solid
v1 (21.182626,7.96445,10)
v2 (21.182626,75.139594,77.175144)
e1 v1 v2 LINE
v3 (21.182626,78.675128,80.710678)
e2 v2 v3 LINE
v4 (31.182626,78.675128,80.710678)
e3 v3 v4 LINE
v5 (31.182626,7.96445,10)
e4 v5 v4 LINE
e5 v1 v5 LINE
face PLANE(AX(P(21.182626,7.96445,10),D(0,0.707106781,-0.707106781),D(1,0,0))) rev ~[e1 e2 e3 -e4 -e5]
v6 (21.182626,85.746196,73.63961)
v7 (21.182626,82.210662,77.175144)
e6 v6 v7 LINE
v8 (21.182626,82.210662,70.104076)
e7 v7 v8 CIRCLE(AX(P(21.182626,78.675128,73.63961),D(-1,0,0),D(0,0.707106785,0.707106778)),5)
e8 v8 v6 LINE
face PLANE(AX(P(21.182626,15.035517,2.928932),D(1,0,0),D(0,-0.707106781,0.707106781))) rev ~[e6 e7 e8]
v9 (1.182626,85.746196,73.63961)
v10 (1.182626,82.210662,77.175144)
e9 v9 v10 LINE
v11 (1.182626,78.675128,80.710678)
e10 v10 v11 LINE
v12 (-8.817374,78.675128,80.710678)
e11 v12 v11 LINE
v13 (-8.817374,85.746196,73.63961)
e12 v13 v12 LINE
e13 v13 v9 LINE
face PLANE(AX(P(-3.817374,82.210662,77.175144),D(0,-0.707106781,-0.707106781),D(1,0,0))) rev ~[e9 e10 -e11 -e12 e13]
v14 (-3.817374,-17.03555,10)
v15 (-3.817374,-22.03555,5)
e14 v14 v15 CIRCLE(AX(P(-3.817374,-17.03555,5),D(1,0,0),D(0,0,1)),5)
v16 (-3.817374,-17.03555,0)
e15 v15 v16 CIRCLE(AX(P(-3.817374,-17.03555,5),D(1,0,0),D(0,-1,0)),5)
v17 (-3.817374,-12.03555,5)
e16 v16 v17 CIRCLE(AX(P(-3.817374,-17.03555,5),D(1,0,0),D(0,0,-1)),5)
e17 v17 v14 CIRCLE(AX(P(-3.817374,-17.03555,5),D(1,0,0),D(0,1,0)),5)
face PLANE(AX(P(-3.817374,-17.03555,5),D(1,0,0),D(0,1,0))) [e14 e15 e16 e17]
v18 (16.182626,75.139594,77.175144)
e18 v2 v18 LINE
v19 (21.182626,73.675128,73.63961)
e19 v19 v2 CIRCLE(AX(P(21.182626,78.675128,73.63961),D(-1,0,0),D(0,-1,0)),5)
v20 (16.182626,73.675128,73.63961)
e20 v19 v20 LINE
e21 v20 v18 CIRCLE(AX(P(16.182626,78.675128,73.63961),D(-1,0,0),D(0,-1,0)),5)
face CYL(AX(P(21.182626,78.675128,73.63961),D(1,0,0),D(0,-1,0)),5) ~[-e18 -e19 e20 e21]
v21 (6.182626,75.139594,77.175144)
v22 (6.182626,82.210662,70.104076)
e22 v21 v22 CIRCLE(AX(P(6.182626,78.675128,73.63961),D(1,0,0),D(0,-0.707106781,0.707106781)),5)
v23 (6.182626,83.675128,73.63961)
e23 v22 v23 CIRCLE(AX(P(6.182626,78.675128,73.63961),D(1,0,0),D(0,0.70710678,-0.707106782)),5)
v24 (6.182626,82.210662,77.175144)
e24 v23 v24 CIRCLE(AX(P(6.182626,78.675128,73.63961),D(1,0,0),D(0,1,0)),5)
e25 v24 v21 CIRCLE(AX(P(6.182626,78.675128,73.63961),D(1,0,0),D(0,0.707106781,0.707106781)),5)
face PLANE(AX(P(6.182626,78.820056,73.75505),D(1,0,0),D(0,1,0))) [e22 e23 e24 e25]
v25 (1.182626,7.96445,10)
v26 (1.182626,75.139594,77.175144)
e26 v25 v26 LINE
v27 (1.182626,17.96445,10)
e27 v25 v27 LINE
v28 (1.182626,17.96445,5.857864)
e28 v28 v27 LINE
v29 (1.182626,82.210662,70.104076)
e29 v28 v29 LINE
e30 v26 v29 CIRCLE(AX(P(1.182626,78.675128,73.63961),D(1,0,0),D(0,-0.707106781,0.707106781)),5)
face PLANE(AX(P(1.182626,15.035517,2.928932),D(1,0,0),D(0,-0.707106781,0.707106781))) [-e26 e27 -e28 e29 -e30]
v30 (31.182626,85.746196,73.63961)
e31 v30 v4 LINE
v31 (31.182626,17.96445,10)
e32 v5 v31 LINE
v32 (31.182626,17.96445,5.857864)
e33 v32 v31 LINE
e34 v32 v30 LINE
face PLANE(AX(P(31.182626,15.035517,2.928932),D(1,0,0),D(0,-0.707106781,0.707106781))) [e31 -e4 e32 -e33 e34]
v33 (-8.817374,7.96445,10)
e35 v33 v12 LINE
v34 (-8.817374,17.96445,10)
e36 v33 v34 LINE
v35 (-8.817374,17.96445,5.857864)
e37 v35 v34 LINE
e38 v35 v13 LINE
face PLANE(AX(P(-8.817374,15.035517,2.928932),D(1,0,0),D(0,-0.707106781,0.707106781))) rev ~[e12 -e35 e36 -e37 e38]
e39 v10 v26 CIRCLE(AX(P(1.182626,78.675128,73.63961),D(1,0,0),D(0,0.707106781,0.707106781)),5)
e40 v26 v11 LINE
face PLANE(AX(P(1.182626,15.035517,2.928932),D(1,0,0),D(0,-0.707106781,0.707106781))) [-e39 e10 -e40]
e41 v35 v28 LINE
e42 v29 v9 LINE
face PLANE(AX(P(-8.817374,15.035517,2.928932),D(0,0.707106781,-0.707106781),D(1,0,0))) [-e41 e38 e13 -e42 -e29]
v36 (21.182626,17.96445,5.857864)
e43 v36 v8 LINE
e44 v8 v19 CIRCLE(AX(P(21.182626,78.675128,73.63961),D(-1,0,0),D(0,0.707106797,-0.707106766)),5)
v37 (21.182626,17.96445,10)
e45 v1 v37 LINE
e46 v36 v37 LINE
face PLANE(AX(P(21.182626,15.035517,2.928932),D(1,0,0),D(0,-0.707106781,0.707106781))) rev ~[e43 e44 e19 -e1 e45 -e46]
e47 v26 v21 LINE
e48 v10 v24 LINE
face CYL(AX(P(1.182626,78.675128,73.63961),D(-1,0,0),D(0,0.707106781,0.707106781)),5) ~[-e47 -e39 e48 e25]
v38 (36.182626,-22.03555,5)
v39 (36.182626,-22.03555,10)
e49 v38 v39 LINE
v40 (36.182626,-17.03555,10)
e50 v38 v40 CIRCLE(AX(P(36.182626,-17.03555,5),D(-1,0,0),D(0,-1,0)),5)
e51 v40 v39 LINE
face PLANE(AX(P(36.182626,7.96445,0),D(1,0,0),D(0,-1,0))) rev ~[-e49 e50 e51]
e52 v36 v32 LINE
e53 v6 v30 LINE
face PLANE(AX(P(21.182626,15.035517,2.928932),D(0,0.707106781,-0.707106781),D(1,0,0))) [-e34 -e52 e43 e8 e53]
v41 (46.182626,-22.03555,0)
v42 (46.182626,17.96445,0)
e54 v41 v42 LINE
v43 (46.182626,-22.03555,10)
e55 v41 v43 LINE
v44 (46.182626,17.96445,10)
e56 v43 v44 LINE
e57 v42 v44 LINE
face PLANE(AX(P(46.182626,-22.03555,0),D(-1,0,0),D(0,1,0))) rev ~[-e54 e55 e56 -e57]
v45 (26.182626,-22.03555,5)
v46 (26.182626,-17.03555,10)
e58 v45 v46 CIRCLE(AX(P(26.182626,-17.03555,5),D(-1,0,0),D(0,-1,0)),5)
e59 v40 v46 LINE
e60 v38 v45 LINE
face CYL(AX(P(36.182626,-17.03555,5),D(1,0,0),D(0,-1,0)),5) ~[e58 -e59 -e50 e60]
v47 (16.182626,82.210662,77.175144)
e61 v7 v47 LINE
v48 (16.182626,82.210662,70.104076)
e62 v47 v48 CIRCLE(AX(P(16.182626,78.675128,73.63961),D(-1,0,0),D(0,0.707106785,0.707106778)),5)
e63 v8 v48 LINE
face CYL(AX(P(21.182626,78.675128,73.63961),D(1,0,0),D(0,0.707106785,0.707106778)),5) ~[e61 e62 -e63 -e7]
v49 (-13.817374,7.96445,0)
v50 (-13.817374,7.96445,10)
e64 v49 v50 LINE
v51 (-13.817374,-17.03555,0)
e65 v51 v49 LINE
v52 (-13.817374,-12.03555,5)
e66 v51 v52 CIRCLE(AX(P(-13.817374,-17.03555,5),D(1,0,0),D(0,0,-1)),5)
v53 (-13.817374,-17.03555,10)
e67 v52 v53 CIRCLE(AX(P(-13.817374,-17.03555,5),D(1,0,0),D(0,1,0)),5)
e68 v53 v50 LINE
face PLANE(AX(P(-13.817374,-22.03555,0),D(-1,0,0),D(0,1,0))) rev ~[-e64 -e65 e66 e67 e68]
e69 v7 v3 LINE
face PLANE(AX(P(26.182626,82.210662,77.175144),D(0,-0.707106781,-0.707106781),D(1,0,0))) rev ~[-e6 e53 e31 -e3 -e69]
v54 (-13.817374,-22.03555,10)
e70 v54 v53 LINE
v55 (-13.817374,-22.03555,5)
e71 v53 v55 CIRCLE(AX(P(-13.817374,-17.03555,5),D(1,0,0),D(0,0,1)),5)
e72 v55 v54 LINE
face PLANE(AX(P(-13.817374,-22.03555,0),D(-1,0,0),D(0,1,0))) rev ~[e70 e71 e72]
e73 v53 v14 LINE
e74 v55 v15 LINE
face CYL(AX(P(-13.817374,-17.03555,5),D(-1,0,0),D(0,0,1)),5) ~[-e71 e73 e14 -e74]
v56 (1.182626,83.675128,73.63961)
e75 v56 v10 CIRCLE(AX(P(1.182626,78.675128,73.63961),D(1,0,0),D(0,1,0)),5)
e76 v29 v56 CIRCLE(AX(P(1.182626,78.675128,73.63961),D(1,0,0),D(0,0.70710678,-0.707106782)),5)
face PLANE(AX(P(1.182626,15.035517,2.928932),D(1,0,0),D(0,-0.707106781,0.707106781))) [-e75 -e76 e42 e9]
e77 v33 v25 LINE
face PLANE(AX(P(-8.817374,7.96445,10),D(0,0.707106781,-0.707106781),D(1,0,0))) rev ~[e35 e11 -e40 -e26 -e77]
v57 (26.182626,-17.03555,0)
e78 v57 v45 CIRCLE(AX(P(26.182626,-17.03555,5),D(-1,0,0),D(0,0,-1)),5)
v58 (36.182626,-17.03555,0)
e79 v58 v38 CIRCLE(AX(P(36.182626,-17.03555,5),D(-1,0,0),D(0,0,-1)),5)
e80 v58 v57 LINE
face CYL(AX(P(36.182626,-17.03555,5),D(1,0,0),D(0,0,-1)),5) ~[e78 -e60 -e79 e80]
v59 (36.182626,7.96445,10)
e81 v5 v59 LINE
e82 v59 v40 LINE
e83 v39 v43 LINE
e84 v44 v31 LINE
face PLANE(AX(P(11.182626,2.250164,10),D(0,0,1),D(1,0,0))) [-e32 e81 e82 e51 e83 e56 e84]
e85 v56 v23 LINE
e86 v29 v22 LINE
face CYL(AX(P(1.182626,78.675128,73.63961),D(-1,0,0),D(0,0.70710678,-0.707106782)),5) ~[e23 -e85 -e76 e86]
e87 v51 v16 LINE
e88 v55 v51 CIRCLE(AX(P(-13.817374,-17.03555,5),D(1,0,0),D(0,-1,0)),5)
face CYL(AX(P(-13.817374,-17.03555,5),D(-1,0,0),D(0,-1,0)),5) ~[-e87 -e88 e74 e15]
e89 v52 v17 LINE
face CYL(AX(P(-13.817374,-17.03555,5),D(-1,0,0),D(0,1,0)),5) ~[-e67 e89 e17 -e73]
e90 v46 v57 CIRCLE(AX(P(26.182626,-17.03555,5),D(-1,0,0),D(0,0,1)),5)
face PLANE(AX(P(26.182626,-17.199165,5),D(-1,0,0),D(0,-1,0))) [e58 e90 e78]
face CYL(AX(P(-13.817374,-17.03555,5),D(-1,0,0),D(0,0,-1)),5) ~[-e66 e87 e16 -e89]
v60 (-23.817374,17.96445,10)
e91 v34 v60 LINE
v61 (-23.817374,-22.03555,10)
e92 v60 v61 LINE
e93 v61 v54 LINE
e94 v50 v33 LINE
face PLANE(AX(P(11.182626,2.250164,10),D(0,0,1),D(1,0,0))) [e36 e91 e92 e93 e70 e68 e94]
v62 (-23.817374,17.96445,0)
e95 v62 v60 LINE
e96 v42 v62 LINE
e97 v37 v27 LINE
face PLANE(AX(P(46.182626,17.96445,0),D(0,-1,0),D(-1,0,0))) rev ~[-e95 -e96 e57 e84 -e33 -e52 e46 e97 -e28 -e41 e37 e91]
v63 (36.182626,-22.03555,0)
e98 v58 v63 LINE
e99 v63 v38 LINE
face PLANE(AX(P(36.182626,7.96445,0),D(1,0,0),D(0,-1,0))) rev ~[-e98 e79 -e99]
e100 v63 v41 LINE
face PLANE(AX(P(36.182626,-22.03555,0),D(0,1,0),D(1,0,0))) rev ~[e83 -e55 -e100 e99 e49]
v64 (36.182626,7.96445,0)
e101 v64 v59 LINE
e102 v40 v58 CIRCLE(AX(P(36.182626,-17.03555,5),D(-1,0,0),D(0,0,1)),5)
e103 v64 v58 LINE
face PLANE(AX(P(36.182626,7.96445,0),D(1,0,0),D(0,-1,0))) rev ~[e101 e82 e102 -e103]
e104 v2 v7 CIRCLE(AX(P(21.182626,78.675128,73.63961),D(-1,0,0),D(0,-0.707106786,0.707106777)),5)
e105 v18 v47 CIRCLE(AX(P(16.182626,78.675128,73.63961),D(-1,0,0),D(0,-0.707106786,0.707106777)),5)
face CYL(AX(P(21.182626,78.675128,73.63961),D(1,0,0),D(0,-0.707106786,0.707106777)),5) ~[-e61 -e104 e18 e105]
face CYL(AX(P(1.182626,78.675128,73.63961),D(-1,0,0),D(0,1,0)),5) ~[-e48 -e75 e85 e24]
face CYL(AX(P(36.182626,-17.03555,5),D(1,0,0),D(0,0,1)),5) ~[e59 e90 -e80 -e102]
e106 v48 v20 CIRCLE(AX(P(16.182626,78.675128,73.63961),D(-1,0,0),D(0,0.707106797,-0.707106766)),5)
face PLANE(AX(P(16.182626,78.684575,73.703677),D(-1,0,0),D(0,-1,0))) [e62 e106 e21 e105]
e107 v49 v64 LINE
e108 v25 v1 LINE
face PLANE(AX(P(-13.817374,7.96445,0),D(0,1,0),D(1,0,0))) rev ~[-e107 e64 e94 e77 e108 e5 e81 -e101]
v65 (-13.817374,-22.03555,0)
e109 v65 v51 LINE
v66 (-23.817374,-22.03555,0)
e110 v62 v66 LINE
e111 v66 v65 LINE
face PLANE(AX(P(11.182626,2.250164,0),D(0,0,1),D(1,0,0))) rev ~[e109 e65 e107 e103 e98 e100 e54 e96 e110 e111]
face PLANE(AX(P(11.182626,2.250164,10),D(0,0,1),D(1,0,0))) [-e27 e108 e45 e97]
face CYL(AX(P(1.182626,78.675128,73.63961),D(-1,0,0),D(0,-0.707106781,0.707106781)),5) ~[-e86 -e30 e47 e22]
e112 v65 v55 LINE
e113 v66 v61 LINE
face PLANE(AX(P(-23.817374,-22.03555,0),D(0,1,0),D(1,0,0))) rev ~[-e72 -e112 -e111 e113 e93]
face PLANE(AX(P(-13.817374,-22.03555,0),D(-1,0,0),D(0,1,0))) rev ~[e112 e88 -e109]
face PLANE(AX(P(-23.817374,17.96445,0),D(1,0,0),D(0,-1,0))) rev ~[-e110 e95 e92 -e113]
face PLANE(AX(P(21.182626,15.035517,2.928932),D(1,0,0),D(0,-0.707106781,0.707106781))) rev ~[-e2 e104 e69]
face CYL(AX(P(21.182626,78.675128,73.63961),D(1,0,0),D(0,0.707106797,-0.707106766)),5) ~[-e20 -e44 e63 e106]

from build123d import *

# Parameters (mm, degrees)
F1_DEPTH  = 10
F3_DEPTH  = 10
F5_DEPTH  = 10
F7_W      = 10
F7_H      = 10
F8_DEPTH  = 100
F10_DEPTH = 5
F12_DEPTH = 5


with BuildPart() as f1:
    # F0 (on Top) → F1 (new body)
    with BuildSketch(Plane.XY):
        Polygon((-23.817373896, 17.9644496739), (-23.817373896, -22.0355503261), (-13.817373896, -22.0355503261), (-13.817373896, -12.0355503261), (-13.817373896, 7.9644496739), (11.182626104, 7.9644496739), (36.182626104, 7.9644496739), (36.182626104, -12.0355503261), (36.182626104, -22.0355503261), (46.182626104, -22.0355503261), (46.182626104, 17.9644496739), (11.182626104, 17.9644496739), align=None)
    extrude(amount=F1_DEPTH)

    # F2 (on face) → F3 (join)
    with BuildSketch(Plane.YZ.offset(-13.817373896)):
        with BuildLine():
            ThreePointArc((-17.0355503261, 0), (-13.5000164202, 1.4644660941), (-12.0355503261, 5))
            ThreePointArc((-12.0355503261, 5), (-13.5000164202, 8.5355339059), (-17.0355503261, 10))
            ThreePointArc((-17.0355503261, 10), (-20.571084232, 8.5355339059), (-22.0355503261, 5))
            ThreePointArc((-22.0355503261, 5), (-20.571084232, 1.4644660941), (-17.0355503261, 0))
        make_face()
    extrude(amount=F3_DEPTH)

    # F4 (on face) → F5 (join)
    with BuildSketch(Plane(origin=(36.182626104, 0, 0), x_dir=(0, -1, 0), z_dir=(-1, 0, 0))):
        with BuildLine():
            ThreePointArc((17.0355503261, 0), (20.571084232, 1.4644660941), (22.0355503261, 5))
            ThreePointArc((22.0355503261, 5), (20.571084232, 8.5355339059), (17.0355503261, 10))
            ThreePointArc((17.0355503261, 10), (12.0355503261, 5), (17.0355503261, 0))
        make_face()
    extrude(amount=F5_DEPTH)

    # F7 (on face) → F8 (join)
    with BuildSketch(Plane(origin=(0, 8.9822248369, 8.9822248369), x_dir=(1, 0, 0), z_dir=(0, -0.7071067812, -0.7071067812))):
        with Locations((26.182626104, -3.560648561)):
            Rectangle(F7_W, F7_H)
        with Locations((-3.817373896, -3.560648561)):
            Rectangle(F7_W, F7_H)
    extrude(amount=-F8_DEPTH)

    # F9 (on face) → F10 (join)
    with BuildSketch(Plane.YZ.offset(1.182626104)):
        with BuildLine():
            ThreePointArc((82.2106616934, 70.1040763958), (83.2945254537, 71.7261931416), (83.6751277925, 73.6396103068))
            ThreePointArc((83.6751277925, 73.6396103068), (83.2945254551, 75.5530274686), (82.2106616985, 77.1751442127))
            ThreePointArc((82.2106616985, 77.1751442127), (78.6751277925, 78.6396103068), (75.1395938866, 77.1751442127))
            ThreePointArc((75.1395938866, 77.1751442127), (75.1395938841, 70.1040764034), (82.2106616934, 70.1040763958))
        make_face()
    extrude(amount=F10_DEPTH)

    # F11 (on face) → F12 (join)
    with BuildSketch(Plane(origin=(21.182626104, 0, 0), x_dir=(0, -1, 0), z_dir=(-1, 0, 0))):
        with BuildLine():
            ThreePointArc((-82.2106617767, 70.104076479), (-76.7617106818, 69.0202126231), (-73.6751277925, 73.6396103068))
            ThreePointArc((-73.6751277925, 73.6396103068), (-74.0557301241, 75.5530274545), (-75.139593865, 77.1751441911))
            ThreePointArc((-75.139593865, 77.1751441911), (-78.6751277889, 78.6396103068), (-82.210661715, 77.1751441962))
            ThreePointArc((-82.210661715, 77.1751441962), (-83.6751277925, 73.6396103504), (-82.2106617767, 70.104076479))
        make_face()
    extrude(amount=F12_DEPTH)


solid = f1.part
